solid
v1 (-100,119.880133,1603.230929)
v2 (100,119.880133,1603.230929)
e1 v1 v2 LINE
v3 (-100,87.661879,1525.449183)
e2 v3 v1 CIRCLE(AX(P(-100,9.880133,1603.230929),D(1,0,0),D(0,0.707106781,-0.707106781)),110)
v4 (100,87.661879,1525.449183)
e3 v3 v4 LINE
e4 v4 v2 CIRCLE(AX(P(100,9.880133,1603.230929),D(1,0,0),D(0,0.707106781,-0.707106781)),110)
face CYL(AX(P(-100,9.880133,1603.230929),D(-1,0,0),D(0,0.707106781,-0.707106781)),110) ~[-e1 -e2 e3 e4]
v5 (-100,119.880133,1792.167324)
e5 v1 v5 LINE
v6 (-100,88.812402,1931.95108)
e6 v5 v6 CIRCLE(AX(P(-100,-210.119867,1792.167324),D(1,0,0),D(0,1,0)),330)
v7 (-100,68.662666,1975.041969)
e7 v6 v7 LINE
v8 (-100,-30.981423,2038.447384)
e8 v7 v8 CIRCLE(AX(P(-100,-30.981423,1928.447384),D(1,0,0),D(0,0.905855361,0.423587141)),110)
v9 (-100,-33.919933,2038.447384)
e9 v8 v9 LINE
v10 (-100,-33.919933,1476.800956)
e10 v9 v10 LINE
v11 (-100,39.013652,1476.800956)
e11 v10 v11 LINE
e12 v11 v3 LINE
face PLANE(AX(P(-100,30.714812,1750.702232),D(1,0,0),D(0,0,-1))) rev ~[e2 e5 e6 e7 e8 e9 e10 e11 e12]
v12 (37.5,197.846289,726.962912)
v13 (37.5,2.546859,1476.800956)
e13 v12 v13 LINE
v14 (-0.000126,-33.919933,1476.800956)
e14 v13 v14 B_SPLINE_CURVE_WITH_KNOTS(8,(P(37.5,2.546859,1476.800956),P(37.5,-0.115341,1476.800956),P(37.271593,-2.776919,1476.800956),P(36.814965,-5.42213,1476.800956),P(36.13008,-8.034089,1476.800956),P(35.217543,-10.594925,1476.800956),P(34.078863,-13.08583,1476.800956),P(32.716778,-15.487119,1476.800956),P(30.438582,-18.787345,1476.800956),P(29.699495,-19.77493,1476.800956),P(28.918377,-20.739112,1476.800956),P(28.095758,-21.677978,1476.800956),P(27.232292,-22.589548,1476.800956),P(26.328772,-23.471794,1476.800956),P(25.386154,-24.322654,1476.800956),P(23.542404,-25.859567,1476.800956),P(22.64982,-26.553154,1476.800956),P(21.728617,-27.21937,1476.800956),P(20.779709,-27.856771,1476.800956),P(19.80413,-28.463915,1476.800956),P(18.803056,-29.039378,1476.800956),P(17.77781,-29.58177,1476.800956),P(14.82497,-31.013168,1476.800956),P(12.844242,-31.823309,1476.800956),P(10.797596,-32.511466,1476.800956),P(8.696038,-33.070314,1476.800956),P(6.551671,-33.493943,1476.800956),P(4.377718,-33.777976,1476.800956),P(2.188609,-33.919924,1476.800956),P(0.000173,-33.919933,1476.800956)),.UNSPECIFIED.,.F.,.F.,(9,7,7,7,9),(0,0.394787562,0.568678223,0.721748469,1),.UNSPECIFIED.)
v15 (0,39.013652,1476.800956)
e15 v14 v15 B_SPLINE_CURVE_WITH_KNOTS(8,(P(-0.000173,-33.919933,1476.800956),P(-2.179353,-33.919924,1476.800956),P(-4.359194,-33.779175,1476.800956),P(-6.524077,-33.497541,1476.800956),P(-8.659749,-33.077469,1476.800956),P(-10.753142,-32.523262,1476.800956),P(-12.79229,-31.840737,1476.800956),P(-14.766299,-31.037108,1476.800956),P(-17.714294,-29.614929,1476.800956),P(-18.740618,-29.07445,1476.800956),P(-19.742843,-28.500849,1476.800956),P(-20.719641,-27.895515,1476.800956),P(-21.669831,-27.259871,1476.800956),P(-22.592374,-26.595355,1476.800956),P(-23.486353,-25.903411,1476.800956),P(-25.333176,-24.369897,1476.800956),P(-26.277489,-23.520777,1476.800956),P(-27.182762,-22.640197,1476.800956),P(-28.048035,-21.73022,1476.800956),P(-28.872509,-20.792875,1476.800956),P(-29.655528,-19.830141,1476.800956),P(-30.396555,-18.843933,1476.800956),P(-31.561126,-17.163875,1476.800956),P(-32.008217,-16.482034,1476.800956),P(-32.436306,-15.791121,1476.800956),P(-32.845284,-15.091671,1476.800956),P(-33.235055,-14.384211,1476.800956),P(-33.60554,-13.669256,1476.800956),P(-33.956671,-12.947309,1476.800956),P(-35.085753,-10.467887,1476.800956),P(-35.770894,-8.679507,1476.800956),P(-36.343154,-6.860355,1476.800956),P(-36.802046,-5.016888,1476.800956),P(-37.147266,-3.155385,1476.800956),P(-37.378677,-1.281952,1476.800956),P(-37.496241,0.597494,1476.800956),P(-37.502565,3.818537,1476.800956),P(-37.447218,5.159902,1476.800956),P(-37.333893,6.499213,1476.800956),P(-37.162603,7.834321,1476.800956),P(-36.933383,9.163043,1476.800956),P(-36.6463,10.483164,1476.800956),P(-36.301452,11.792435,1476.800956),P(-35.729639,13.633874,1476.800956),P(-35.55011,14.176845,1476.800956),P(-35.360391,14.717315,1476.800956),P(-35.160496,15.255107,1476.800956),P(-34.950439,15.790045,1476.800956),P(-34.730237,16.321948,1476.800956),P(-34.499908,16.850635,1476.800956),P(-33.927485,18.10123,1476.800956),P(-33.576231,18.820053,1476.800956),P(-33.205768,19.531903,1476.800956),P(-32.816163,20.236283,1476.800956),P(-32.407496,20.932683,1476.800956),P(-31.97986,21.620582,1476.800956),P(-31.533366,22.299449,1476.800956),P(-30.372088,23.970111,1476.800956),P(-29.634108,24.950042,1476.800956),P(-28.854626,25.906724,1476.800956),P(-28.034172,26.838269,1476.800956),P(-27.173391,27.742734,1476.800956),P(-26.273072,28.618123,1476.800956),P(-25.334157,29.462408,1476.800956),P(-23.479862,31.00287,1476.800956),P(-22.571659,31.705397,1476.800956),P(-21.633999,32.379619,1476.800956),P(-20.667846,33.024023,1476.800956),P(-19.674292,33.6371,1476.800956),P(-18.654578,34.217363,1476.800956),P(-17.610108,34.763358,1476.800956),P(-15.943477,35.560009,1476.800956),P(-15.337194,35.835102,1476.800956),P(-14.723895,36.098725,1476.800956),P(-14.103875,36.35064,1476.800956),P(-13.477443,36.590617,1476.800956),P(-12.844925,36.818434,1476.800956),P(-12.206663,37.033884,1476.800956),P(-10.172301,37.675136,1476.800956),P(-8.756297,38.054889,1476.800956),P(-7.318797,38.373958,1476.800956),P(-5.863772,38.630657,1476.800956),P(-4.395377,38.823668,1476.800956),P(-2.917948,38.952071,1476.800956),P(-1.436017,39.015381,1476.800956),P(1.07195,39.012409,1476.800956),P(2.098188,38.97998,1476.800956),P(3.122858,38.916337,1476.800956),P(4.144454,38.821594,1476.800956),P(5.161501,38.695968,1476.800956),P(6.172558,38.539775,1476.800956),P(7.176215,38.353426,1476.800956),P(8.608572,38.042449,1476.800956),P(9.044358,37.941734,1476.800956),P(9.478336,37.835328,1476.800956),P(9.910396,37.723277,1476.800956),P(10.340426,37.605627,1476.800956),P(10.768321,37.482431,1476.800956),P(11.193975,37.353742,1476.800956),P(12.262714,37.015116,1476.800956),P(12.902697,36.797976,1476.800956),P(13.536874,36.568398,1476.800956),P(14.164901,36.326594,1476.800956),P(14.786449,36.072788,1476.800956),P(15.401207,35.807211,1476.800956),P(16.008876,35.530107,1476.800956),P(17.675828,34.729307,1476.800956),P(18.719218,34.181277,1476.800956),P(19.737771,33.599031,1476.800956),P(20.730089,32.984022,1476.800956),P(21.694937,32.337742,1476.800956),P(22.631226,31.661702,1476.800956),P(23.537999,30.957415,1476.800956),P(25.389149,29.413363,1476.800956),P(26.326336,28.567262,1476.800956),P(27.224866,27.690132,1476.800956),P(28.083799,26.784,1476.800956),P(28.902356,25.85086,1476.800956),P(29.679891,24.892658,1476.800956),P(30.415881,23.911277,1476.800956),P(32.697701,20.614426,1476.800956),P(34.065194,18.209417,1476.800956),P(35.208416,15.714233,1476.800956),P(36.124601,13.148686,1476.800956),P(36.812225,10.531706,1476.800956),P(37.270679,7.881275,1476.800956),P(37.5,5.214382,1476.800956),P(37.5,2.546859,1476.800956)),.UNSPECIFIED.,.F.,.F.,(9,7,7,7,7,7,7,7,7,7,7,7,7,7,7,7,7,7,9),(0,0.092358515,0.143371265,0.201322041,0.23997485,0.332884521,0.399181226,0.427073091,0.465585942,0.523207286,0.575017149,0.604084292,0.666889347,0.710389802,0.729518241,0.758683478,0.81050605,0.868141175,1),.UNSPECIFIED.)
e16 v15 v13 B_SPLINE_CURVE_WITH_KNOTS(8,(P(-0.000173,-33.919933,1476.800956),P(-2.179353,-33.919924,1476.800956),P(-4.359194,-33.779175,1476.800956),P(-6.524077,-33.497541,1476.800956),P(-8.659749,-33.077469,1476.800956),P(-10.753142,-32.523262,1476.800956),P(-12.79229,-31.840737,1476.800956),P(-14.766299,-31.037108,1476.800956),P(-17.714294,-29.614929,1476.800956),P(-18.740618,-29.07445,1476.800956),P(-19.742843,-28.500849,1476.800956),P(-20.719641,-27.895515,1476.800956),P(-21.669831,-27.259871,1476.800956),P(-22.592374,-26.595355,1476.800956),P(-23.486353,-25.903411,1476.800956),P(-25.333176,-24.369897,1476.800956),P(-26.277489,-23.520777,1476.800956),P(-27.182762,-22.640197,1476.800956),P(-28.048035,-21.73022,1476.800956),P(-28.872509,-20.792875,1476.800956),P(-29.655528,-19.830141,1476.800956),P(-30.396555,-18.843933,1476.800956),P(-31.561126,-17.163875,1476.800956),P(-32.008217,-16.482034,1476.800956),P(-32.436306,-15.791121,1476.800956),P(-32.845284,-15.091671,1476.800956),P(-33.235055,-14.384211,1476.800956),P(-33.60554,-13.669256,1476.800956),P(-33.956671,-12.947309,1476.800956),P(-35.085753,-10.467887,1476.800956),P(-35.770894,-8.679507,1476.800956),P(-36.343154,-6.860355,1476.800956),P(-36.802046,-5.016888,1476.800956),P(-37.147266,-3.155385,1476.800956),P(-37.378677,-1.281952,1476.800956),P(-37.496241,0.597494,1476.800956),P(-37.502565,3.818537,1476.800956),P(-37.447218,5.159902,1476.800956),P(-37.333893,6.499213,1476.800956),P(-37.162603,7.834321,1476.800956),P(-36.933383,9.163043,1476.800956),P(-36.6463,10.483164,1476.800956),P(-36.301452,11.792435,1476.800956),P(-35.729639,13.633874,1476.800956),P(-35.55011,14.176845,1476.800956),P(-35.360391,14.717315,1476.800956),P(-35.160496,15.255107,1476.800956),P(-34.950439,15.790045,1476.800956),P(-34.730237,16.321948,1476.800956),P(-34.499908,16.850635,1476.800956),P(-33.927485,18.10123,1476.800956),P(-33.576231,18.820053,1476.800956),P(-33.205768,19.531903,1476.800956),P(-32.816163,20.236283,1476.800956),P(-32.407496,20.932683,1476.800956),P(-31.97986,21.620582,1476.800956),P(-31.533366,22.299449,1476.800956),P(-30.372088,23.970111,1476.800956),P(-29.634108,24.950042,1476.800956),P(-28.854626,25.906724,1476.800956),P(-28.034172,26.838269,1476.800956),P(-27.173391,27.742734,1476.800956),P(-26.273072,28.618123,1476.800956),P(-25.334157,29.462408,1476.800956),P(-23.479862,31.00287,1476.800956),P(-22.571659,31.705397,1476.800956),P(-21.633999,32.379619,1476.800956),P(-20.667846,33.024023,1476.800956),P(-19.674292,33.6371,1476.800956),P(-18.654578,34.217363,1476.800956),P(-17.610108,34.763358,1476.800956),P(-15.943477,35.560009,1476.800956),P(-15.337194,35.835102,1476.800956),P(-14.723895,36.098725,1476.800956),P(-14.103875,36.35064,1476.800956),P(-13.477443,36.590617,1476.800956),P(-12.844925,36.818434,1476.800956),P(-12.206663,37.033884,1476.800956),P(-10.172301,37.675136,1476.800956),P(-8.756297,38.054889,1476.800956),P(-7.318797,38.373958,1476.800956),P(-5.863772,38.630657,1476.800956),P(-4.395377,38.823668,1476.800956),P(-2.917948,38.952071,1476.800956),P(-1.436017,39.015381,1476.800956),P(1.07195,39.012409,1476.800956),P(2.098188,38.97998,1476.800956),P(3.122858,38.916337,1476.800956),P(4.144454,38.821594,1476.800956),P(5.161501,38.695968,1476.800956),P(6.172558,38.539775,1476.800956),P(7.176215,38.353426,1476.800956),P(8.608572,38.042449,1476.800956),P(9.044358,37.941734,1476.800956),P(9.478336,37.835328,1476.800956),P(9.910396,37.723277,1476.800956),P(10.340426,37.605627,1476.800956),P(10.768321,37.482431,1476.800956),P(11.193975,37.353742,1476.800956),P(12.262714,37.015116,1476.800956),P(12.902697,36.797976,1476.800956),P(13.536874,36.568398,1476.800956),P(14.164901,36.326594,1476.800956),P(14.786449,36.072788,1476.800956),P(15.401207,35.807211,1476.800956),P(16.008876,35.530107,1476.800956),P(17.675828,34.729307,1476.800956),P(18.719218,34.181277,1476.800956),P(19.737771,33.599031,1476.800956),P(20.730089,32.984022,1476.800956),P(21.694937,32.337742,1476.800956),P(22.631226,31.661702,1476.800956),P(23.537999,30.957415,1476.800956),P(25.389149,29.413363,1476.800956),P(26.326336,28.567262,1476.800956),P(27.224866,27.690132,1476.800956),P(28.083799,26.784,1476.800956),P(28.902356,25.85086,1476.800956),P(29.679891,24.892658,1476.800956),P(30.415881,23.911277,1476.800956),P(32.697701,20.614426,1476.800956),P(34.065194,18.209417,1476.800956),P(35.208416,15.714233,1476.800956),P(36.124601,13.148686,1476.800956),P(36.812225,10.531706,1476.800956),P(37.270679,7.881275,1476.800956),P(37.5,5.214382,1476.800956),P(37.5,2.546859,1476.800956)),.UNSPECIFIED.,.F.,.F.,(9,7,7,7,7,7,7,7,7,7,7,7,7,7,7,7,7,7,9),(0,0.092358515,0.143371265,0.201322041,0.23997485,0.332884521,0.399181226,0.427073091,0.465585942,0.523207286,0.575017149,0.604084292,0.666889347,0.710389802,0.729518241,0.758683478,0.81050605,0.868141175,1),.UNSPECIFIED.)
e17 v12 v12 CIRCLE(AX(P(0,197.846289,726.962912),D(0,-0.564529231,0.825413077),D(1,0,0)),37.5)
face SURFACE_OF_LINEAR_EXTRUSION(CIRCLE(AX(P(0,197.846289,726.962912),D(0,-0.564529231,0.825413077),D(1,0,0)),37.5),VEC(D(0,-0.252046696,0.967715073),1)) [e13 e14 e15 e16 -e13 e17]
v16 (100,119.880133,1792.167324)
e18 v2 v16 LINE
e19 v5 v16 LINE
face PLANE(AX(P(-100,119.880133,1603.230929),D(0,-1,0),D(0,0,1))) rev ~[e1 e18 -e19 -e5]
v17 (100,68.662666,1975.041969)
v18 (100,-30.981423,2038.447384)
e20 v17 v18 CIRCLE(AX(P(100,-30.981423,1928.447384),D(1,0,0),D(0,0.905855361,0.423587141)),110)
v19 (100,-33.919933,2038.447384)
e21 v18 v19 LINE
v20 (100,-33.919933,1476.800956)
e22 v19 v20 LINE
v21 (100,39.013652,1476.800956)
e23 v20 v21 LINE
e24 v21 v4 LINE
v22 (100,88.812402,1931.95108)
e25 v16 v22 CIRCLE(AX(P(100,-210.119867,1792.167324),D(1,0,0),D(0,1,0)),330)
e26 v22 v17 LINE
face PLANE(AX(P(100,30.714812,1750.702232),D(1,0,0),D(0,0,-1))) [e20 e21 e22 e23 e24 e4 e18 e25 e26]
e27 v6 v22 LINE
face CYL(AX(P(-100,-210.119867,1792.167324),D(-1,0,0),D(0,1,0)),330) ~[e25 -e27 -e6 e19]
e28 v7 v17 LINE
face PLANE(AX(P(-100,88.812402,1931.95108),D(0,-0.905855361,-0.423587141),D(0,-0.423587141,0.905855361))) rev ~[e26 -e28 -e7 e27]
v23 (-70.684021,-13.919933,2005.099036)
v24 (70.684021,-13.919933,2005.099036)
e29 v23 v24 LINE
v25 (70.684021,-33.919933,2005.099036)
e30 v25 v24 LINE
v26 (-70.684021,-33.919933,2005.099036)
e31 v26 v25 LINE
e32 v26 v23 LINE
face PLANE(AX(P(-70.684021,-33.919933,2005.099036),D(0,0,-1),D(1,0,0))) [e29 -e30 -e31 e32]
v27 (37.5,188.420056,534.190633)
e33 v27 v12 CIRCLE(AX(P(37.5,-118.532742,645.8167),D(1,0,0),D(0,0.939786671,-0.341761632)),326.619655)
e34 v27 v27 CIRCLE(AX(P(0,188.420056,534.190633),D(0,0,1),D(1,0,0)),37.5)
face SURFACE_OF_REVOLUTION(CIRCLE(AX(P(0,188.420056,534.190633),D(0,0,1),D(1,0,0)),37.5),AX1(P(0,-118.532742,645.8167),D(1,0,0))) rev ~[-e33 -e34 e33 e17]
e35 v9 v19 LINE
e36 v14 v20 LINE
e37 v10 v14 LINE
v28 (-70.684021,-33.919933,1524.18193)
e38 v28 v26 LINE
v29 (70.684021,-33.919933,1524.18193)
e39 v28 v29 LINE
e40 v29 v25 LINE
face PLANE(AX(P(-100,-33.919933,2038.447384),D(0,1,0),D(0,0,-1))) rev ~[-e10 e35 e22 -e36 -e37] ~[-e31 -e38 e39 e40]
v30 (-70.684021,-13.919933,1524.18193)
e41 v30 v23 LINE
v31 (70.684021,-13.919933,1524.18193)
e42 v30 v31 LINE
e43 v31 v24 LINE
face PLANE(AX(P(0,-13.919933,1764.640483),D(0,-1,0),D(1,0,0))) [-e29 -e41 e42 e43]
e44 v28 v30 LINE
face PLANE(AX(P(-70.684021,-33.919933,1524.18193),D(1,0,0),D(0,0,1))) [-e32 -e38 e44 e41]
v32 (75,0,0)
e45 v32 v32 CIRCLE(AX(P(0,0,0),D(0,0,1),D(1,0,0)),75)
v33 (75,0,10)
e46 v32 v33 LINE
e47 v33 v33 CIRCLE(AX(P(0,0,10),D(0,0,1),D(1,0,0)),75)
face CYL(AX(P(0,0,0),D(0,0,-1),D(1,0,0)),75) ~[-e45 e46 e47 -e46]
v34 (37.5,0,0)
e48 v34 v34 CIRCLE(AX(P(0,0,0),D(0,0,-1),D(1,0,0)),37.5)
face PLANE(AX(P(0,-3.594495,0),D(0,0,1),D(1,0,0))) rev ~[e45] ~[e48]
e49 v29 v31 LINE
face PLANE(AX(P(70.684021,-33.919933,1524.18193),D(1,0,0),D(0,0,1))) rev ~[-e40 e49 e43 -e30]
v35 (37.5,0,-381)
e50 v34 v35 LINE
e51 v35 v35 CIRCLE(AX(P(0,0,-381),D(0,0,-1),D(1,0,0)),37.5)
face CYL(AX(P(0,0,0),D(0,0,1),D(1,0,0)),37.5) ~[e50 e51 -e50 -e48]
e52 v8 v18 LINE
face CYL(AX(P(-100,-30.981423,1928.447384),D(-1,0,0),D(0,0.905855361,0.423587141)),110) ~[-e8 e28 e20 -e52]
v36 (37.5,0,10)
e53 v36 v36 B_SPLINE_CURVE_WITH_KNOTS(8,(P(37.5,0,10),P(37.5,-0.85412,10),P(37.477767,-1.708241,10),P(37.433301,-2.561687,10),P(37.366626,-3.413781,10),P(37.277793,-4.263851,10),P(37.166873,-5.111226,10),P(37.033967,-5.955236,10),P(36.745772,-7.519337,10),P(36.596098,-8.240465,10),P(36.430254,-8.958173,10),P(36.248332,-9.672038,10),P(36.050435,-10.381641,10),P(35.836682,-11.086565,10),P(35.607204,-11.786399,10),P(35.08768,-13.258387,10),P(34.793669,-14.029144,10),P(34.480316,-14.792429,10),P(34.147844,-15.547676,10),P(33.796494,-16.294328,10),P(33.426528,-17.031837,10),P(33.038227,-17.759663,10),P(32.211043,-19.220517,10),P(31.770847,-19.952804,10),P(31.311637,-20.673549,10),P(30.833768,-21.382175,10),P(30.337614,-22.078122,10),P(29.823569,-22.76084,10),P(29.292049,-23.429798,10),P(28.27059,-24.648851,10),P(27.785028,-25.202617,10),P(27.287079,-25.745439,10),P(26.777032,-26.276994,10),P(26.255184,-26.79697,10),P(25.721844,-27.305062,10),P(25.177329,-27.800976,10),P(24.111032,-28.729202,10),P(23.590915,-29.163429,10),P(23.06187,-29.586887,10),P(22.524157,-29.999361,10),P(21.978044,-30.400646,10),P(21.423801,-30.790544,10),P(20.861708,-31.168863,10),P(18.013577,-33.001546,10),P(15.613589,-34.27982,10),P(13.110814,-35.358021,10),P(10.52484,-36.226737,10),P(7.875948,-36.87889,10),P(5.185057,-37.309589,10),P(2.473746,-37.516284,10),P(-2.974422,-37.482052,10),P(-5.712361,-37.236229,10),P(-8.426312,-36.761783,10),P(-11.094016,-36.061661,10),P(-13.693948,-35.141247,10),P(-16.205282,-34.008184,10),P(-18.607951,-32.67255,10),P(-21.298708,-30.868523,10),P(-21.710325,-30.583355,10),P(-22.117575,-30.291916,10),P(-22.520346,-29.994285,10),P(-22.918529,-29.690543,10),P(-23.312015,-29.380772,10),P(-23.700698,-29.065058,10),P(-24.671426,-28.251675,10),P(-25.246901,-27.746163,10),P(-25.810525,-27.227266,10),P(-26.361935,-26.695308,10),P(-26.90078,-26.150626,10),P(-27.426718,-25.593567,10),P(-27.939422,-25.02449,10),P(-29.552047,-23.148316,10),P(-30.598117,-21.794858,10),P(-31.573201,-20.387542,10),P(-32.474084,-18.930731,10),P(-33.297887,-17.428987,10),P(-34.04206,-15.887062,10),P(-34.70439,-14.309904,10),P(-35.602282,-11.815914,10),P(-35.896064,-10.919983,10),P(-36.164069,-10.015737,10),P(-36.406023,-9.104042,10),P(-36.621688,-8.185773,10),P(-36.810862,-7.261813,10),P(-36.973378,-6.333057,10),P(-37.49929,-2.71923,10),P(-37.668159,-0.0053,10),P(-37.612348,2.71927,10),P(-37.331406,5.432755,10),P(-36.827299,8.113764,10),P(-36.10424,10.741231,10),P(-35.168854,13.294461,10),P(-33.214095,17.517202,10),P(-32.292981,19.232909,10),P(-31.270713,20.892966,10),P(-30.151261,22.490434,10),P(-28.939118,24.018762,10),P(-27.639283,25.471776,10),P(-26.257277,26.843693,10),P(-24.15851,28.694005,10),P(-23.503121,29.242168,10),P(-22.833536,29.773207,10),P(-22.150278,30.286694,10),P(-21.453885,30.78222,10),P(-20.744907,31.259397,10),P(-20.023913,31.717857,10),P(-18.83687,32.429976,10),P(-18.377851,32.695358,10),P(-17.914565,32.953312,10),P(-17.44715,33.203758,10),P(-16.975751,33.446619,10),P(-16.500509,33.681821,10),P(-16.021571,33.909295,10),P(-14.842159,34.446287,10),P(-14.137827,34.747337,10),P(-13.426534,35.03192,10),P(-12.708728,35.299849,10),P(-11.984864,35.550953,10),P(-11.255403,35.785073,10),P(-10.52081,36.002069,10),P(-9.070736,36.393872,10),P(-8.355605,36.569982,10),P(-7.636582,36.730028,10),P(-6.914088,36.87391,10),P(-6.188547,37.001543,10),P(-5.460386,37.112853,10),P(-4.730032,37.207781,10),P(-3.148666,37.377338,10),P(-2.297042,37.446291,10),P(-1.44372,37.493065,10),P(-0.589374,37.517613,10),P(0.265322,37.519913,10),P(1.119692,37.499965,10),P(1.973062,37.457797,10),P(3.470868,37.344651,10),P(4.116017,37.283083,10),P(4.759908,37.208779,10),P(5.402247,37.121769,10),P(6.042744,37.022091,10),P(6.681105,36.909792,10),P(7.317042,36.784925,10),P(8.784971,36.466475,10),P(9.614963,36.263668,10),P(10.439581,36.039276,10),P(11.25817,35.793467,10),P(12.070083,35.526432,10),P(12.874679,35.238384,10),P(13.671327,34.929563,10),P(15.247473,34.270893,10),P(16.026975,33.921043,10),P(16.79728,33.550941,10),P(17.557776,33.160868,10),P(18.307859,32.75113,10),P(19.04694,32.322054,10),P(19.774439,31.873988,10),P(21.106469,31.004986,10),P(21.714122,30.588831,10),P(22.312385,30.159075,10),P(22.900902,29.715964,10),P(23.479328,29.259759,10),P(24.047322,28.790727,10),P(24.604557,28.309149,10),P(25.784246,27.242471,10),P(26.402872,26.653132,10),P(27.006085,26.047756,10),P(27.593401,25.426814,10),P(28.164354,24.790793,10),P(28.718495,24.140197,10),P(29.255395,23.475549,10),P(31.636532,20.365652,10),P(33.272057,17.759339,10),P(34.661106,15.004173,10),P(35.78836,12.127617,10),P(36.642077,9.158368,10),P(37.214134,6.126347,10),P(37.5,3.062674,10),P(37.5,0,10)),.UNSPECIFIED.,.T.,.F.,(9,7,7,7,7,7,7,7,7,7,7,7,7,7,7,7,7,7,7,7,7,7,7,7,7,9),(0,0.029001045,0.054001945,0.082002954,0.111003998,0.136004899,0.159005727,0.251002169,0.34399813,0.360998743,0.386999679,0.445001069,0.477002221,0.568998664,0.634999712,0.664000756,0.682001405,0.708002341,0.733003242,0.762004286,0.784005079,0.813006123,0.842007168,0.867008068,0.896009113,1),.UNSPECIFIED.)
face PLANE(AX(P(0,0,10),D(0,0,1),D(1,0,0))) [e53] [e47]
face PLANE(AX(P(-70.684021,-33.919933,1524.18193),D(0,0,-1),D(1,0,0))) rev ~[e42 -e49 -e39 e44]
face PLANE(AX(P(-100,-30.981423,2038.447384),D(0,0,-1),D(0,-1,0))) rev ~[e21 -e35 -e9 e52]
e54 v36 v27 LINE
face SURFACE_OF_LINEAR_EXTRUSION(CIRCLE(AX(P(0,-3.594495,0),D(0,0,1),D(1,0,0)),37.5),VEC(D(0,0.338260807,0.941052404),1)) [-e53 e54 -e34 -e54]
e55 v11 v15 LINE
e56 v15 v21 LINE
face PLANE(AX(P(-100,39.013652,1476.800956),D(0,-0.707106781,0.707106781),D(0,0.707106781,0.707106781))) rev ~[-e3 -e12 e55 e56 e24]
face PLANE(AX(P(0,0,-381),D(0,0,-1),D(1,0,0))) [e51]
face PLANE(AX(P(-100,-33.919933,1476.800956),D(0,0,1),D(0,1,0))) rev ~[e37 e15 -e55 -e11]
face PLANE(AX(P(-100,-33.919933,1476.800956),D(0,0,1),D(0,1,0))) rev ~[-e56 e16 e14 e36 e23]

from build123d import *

# Parameters (mm, degrees)
CROQUIS1_R                   = 75
SALIENTE_EXTRUIR1_DEPTH      = 10
CROQUIS2_R                   = 37.5
CROQUIS4_R                   = 37.5
SALIENTE_EXTRUIR3_DEPTH      = 381
SALIENTE_EXTRUIR4_DEPTH      = 100
SALIENTE_EXTRUIR4_DEPTH_BACK = 100
CROQUIS6_W                   = 141.368041576
CROQUIS6_H                   = 480.917106318
CORTAR_EXTRUIR1_DEPTH        = 20


with BuildPart() as part:
    # Croquis1 → Saliente-Extruir1 (new body)
    with BuildSketch(Plane.XY):
        Circle(CROQUIS1_R)
    extrude(amount=SALIENTE_EXTRUIR1_DEPTH)

    # Barrer2: sweep along a curve in space
    with BuildLine() as barrer2_path:
        Line((0, 0, 0), (0, 192.014551033, 534.190633363))
        ThreePointArc((0, 192.014551033, 534.190633363), (0, 211.131156127, 630.926630457), (0, 200.813232001, 728.992109428))
        Line((0, 200.813232001, 728.992109428), (0, 0, 1500))
    # Croquis2 → Barrer2 (sweep)
    with BuildSketch(Plane.XY.offset(10)):
        Circle(CROQUIS2_R)
    sweep(path=barrer2_path.line)

    # Croquis4 → Saliente-Extruir3 (add)
    with BuildSketch(Plane(origin=(0, 0, 0), x_dir=(-1, 0, 0), z_dir=(0, 0, -1))):
        Circle(CROQUIS4_R)
    extrude(amount=SALIENTE_EXTRUIR3_DEPTH)

    # Croquis5 → Saliente-Extruir4 (add, two sides: drawn at the far end of the back side and taken through both)
    with BuildSketch(Plane(origin=(0, 0, 0), x_dir=(0, 0, -1), z_dir=(1, 0, 0)).offset(-SALIENTE_EXTRUIR4_DEPTH_BACK)):
        with BuildLine():
            Line((-1476.800956395, -33.919933481), (-1476.800956395, 39.013652266))
            Line((-1476.800956395, 39.013652266), (-1525.449183366, 87.661879237))
            ThreePointArc((-1525.449183366, 87.661879237), (-1561.135751737, 111.506881882), (-1603.230929297, 119.880133306))
            Line((-1603.230929297, 119.880133306), (-1792.167323705, 119.880133306))
            ThreePointArc((-1792.167323705, 119.880133306), (-1863.764639403, 112.019581969), (-1931.951080097, 88.812402305))
            Line((-1931.951080097, 88.812402305), (-1975.041969043, 68.662666235))
            ThreePointArc((-1975.041969043, 68.662666235), (-2021.25202894, 28.071923633), (-2038.447383579, -30.981423431))
            Line((-2038.447383579, -30.981423431), (-2038.447383579, -33.919933481))
            Line((-2038.447383579, -33.919933481), (-1476.800956395, -33.919933481))
        make_face()
    extrude(amount=SALIENTE_EXTRUIR4_DEPTH + SALIENTE_EXTRUIR4_DEPTH_BACK)

    # Croquis6 → Cortar-Extruir1 (cut)
    with BuildSketch(Plane.XZ.offset(33.919933481)):
        with Locations((0, 1764.64048311)):
            Rectangle(CROQUIS6_W, CROQUIS6_H)
    extrude(amount=-CORTAR_EXTRUIR1_DEPTH, mode=Mode.SUBTRACT)


solid = part.part
